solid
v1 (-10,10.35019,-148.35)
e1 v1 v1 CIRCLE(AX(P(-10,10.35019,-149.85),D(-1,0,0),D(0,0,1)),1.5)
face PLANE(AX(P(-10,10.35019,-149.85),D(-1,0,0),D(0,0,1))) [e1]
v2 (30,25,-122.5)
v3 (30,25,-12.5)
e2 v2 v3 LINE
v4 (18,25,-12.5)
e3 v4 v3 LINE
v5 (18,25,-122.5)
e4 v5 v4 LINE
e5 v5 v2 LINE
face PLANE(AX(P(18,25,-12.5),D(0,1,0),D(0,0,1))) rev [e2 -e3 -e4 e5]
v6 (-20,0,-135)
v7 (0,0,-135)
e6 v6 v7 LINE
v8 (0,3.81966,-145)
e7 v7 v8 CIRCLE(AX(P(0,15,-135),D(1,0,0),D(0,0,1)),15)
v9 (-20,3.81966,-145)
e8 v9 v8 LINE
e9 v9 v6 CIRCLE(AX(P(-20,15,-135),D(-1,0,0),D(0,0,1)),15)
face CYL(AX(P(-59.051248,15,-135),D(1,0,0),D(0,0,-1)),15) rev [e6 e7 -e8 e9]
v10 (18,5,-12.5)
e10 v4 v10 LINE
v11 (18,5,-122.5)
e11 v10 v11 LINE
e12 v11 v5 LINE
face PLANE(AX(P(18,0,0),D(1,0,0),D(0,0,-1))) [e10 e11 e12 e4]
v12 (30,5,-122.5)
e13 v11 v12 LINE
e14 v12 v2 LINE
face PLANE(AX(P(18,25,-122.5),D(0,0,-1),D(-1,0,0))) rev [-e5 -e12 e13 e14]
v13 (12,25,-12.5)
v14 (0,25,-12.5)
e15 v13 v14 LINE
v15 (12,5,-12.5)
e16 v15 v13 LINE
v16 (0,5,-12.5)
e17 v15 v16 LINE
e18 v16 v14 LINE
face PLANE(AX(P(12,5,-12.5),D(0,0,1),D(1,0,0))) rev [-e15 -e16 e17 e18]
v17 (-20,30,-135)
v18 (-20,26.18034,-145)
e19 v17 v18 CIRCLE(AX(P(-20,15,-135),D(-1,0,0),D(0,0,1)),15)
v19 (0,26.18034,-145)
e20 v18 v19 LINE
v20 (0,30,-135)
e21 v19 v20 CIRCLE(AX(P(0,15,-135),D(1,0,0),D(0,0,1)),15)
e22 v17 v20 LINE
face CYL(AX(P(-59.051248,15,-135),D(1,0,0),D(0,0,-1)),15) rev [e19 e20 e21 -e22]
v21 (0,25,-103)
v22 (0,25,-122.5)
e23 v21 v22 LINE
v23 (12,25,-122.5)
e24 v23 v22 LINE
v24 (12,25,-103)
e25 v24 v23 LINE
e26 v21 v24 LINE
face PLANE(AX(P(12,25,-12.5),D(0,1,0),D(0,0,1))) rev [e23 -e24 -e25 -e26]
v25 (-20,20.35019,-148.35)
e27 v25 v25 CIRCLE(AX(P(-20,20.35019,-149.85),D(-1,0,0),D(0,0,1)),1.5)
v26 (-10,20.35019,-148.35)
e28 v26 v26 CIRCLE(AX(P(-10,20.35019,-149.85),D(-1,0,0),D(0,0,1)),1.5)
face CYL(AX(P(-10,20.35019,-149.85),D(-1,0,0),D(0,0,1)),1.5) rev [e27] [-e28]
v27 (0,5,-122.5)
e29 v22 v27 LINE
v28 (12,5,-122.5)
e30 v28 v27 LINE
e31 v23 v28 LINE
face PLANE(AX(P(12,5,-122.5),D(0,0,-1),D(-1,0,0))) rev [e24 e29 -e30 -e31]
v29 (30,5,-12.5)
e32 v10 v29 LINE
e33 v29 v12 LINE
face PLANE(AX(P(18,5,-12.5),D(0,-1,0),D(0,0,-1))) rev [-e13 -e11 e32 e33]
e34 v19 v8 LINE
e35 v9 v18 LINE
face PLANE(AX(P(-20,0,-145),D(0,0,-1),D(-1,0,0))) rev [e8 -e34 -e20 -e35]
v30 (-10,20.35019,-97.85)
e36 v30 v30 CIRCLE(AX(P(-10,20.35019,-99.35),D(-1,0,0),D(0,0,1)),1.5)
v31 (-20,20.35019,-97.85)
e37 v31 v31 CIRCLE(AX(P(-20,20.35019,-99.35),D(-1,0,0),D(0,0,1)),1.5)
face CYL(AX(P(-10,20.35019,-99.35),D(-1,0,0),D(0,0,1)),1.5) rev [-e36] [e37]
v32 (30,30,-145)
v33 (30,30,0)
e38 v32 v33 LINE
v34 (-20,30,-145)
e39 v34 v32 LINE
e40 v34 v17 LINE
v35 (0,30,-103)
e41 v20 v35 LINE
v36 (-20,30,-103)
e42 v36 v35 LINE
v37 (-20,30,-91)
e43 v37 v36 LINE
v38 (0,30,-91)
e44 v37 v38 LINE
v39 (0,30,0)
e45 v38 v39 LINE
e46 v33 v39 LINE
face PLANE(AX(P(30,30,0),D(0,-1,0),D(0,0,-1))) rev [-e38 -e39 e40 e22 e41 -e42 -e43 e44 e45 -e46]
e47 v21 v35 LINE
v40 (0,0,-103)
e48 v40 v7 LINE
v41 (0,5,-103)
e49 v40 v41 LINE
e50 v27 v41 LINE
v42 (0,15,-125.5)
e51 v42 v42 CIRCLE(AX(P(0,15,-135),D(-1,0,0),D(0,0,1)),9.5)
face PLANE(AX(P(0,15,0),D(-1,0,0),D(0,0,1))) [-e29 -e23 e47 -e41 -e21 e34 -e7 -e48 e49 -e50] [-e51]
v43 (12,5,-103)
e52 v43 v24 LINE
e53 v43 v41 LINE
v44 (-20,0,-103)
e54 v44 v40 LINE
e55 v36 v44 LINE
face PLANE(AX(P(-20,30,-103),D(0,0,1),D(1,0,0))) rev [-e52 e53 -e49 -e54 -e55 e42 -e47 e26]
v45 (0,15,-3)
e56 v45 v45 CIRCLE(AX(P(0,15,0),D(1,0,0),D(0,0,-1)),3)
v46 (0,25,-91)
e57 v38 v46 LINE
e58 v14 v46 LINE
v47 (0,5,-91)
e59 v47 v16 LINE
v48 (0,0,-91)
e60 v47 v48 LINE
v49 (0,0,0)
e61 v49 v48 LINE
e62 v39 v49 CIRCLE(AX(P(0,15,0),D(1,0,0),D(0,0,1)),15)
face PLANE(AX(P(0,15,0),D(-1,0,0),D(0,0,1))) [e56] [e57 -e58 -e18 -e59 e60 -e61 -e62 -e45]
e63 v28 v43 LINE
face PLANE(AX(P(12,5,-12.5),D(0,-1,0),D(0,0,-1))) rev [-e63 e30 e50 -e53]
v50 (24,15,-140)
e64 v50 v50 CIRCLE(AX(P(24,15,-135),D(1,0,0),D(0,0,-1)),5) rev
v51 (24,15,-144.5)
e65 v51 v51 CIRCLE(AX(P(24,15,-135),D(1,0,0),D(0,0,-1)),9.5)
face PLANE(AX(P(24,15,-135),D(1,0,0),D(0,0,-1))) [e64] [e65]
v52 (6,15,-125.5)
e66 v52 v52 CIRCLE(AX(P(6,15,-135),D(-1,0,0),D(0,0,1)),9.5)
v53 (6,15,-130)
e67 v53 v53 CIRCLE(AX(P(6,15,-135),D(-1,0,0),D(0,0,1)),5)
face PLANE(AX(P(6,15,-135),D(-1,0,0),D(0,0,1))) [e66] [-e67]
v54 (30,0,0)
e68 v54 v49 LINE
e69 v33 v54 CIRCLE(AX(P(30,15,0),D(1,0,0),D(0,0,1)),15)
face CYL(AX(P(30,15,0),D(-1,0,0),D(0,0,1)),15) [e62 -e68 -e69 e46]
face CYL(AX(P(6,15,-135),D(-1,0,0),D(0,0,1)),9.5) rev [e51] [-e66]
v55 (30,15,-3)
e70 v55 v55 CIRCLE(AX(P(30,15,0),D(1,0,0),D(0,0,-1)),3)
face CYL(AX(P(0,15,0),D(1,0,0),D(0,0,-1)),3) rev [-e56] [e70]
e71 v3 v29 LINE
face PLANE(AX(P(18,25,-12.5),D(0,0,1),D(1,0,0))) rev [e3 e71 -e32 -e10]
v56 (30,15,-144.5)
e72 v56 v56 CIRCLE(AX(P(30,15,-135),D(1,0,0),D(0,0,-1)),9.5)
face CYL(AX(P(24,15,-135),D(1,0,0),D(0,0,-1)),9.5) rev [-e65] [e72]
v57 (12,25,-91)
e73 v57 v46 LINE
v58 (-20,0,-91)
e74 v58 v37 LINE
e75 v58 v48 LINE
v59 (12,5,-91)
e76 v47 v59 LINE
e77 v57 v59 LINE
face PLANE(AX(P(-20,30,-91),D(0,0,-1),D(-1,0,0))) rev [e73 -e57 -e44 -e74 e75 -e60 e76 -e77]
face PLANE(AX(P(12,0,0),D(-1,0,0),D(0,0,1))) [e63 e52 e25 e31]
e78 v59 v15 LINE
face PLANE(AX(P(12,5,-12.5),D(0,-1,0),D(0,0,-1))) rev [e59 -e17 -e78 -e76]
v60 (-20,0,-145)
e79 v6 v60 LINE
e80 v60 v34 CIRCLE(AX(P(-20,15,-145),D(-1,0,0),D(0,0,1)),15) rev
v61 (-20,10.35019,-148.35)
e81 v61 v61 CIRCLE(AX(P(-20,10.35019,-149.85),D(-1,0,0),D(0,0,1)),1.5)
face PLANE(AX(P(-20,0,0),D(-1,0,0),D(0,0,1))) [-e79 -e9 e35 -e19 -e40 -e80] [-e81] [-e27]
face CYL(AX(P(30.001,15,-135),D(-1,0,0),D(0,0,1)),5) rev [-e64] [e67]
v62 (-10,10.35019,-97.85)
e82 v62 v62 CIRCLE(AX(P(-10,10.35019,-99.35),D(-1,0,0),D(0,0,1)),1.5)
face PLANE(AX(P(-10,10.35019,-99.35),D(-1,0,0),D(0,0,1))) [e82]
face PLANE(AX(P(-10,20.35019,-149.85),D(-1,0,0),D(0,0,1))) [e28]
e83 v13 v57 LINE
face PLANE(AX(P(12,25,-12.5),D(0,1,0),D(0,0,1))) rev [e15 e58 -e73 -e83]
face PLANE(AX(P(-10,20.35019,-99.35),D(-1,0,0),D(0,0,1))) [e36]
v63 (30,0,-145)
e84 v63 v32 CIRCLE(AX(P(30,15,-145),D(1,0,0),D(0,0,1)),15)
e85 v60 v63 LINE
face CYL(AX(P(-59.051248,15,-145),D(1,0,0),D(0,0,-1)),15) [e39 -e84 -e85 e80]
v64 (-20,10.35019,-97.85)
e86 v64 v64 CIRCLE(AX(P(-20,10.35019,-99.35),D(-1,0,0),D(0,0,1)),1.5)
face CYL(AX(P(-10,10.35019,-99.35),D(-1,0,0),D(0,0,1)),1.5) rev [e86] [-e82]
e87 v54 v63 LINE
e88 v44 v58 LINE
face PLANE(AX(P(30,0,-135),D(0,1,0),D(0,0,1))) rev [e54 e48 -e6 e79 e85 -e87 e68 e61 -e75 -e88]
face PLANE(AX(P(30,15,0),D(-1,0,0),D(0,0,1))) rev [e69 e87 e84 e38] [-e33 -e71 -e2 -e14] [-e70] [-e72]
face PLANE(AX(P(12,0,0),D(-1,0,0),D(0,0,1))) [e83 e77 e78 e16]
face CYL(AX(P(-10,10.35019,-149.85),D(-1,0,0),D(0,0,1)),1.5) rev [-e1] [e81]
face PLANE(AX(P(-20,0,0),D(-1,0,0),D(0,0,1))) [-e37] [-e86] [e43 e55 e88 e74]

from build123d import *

# Parameters (mm, degrees)
BOSS_EXTRUDE1_DEPTH = 30
SKETCH2_R           = 3
CUT_EXTRUDE1_DEPTH  = 30
SKETCH3_R           = 9.5
CUT_EXTRUDE2_DEPTH  = 6
SKETCH4_R           = 9.5
CUT_EXTRUDE3_DEPTH  = 6
CUT_EXTRUDE4_REACH  = 26
SKETCH5_R           = 5
SKETCH6_W           = 110
SKETCH6_H           = 20
CUT_EXTRUDE5_DEPTH  = 12
SKETCH7_W           = 110
SKETCH7_H           = 20
CUT_EXTRUDE6_DEPTH  = 12
SKETCH8_W           = 12
SKETCH8_H           = 30
BOSS_EXTRUDE2_DEPTH = 32
CUT_EXTRUDE7_DEPTH  = 35
BOSS_EXTRUDE3_DEPTH = 50
SKETCH11_R          = 1.5
CUT_EXTRUDE8_DEPTH  = 10
SKETCH13_R          = 1.5
CUT_EXTRUDE9_DEPTH  = 10
SKETCH12_R          = 1.5
CUT_EXTRUDE10_DEPTH = 10


with BuildPart() as part:
    # Sketch1 → Boss-Extrude1 (new body)
    with BuildSketch(Plane(origin=(0, 0, 0), x_dir=(0, 0, -1), z_dir=(1, 0, 0))):
        with BuildLine():
            Line((0, 30), (135, 30))
            ThreePointArc((135, 30), (150, 15), (135, 0))
            Line((135, 0), (0, 0))
            ThreePointArc((0, 0), (-15, 15), (0, 30))
        make_face()
    extrude(amount=BOSS_EXTRUDE1_DEPTH)

    # Sketch2 → Cut-Extrude1 (cut)
    with BuildSketch(Plane(origin=(30, 0, 0), x_dir=(0, 0, -1), z_dir=(1, 0, 0))):
        with Locations((0, 15)):
            Circle(SKETCH2_R)
    extrude(amount=-CUT_EXTRUDE1_DEPTH, mode=Mode.SUBTRACT)

    # Sketch3 → Cut-Extrude2 (cut)
    with BuildSketch(Plane(origin=(30, 0, 0), x_dir=(0, 0, -1), z_dir=(1, 0, 0))):
        with Locations((135, 15)):
            Circle(SKETCH3_R)
    extrude(amount=-CUT_EXTRUDE2_DEPTH, mode=Mode.SUBTRACT)

    # Sketch4 → Cut-Extrude3 (cut)
    with BuildSketch(Plane.ZY):
        with Locations((-135, 15)):
            Circle(SKETCH4_R)
    extrude(amount=-CUT_EXTRUDE3_DEPTH, mode=Mode.SUBTRACT)

    # Sketch5 → Cut-Extrude4 (cut, up to next)
    with BuildSketch(Plane.ZY.offset(-6), mode=Mode.PRIVATE) as cut_extrude4_sk1:
        with Locations((-135, 15)):
            Circle(SKETCH5_R)
    cut_extrude4_tool1 = extrude(cut_extrude4_sk1.sketch, amount=-CUT_EXTRUDE4_REACH, mode=Mode.PRIVATE) & part.part
    add(cut_extrude4_tool1.solids().sort_by_distance((6, 15, -135))[0], mode=Mode.SUBTRACT)

    # Sketch6 → Cut-Extrude5 (cut)
    with BuildSketch(Plane(origin=(30, 0, 0), x_dir=(0, 0, -1), z_dir=(1, 0, 0))):
        with Locations((67.5, 15)):
            Rectangle(SKETCH6_W, SKETCH6_H)
    extrude(amount=-CUT_EXTRUDE5_DEPTH, mode=Mode.SUBTRACT)

    # Sketch7 → Cut-Extrude6 (cut)
    with BuildSketch(Plane.ZY):
        with Locations((-67.5, 15)):
            Rectangle(SKETCH7_W, SKETCH7_H)
    extrude(amount=-CUT_EXTRUDE6_DEPTH, mode=Mode.SUBTRACT)

    # Sketch8 → Boss-Extrude2 (add)
    with BuildSketch(Plane.ZY.offset(-12)):
        with Locations((-97, 15)):
            Rectangle(SKETCH8_W, SKETCH8_H)
        with Locations((-151, 15)):
            Rectangle(SKETCH8_W, SKETCH8_H)
    extrude(amount=BOSS_EXTRUDE2_DEPTH)

    # Sketch9 → Cut-Extrude7 (cut)
    with BuildSketch(Plane(origin=(12, 0, 0), x_dir=(0, 0, -1), z_dir=(1, 0, 0))):
        with BuildLine():
            Line((145, 30), (145, 26.180339887))
            ThreePointArc((145, 26.180339887), (150, 15), (145, 3.819660113))
            Line((145, 3.819660113), (145, 0))
            Line((145, 0), (157, 0))
            Line((157, 0), (157, 30))
            Line((157, 30), (145, 30))
        make_face()
    extrude(amount=-CUT_EXTRUDE7_DEPTH, mode=Mode.SUBTRACT)

    # Sketch10 → Boss-Extrude3 (add)
    with BuildSketch(Plane(origin=(30, 0, 0), x_dir=(0, 0, -1), z_dir=(1, 0, 0))):
        with BuildLine():
            Line((135, 30), (145, 30))
            ThreePointArc((145, 30), (160, 15), (145, 0))
            Line((145, 0), (135, 0))
            ThreePointArc((135, 0), (150, 15), (135, 30))
        make_face()
    extrude(amount=-BOSS_EXTRUDE3_DEPTH)

    # Sketch11 → Cut-Extrude8 (cut)
    with BuildSketch(Plane.ZY.offset(20)):
        with Locations((-149.85, 10.350189987)):
            Circle(SKETCH11_R)
    extrude(amount=-CUT_EXTRUDE8_DEPTH, mode=Mode.SUBTRACT)

    # Sketch13 → Cut-Extrude9 (cut)
    with BuildSketch(Plane.ZY.offset(20)):
        with Locations((-149.85, 20.350189987)):
            Circle(SKETCH13_R)
        with Locations((-99.35, 20.350189987)):
            Circle(SKETCH13_R)
    extrude(amount=-CUT_EXTRUDE9_DEPTH, mode=Mode.SUBTRACT)

    # Sketch12 → Cut-Extrude10 (cut)
    with BuildSketch(Plane.ZY.offset(20)):
        with Locations((-99.35, 10.350189987)):
            Circle(SKETCH12_R)
    extrude(amount=-CUT_EXTRUDE10_DEPTH, mode=Mode.SUBTRACT)


solid = part.part
